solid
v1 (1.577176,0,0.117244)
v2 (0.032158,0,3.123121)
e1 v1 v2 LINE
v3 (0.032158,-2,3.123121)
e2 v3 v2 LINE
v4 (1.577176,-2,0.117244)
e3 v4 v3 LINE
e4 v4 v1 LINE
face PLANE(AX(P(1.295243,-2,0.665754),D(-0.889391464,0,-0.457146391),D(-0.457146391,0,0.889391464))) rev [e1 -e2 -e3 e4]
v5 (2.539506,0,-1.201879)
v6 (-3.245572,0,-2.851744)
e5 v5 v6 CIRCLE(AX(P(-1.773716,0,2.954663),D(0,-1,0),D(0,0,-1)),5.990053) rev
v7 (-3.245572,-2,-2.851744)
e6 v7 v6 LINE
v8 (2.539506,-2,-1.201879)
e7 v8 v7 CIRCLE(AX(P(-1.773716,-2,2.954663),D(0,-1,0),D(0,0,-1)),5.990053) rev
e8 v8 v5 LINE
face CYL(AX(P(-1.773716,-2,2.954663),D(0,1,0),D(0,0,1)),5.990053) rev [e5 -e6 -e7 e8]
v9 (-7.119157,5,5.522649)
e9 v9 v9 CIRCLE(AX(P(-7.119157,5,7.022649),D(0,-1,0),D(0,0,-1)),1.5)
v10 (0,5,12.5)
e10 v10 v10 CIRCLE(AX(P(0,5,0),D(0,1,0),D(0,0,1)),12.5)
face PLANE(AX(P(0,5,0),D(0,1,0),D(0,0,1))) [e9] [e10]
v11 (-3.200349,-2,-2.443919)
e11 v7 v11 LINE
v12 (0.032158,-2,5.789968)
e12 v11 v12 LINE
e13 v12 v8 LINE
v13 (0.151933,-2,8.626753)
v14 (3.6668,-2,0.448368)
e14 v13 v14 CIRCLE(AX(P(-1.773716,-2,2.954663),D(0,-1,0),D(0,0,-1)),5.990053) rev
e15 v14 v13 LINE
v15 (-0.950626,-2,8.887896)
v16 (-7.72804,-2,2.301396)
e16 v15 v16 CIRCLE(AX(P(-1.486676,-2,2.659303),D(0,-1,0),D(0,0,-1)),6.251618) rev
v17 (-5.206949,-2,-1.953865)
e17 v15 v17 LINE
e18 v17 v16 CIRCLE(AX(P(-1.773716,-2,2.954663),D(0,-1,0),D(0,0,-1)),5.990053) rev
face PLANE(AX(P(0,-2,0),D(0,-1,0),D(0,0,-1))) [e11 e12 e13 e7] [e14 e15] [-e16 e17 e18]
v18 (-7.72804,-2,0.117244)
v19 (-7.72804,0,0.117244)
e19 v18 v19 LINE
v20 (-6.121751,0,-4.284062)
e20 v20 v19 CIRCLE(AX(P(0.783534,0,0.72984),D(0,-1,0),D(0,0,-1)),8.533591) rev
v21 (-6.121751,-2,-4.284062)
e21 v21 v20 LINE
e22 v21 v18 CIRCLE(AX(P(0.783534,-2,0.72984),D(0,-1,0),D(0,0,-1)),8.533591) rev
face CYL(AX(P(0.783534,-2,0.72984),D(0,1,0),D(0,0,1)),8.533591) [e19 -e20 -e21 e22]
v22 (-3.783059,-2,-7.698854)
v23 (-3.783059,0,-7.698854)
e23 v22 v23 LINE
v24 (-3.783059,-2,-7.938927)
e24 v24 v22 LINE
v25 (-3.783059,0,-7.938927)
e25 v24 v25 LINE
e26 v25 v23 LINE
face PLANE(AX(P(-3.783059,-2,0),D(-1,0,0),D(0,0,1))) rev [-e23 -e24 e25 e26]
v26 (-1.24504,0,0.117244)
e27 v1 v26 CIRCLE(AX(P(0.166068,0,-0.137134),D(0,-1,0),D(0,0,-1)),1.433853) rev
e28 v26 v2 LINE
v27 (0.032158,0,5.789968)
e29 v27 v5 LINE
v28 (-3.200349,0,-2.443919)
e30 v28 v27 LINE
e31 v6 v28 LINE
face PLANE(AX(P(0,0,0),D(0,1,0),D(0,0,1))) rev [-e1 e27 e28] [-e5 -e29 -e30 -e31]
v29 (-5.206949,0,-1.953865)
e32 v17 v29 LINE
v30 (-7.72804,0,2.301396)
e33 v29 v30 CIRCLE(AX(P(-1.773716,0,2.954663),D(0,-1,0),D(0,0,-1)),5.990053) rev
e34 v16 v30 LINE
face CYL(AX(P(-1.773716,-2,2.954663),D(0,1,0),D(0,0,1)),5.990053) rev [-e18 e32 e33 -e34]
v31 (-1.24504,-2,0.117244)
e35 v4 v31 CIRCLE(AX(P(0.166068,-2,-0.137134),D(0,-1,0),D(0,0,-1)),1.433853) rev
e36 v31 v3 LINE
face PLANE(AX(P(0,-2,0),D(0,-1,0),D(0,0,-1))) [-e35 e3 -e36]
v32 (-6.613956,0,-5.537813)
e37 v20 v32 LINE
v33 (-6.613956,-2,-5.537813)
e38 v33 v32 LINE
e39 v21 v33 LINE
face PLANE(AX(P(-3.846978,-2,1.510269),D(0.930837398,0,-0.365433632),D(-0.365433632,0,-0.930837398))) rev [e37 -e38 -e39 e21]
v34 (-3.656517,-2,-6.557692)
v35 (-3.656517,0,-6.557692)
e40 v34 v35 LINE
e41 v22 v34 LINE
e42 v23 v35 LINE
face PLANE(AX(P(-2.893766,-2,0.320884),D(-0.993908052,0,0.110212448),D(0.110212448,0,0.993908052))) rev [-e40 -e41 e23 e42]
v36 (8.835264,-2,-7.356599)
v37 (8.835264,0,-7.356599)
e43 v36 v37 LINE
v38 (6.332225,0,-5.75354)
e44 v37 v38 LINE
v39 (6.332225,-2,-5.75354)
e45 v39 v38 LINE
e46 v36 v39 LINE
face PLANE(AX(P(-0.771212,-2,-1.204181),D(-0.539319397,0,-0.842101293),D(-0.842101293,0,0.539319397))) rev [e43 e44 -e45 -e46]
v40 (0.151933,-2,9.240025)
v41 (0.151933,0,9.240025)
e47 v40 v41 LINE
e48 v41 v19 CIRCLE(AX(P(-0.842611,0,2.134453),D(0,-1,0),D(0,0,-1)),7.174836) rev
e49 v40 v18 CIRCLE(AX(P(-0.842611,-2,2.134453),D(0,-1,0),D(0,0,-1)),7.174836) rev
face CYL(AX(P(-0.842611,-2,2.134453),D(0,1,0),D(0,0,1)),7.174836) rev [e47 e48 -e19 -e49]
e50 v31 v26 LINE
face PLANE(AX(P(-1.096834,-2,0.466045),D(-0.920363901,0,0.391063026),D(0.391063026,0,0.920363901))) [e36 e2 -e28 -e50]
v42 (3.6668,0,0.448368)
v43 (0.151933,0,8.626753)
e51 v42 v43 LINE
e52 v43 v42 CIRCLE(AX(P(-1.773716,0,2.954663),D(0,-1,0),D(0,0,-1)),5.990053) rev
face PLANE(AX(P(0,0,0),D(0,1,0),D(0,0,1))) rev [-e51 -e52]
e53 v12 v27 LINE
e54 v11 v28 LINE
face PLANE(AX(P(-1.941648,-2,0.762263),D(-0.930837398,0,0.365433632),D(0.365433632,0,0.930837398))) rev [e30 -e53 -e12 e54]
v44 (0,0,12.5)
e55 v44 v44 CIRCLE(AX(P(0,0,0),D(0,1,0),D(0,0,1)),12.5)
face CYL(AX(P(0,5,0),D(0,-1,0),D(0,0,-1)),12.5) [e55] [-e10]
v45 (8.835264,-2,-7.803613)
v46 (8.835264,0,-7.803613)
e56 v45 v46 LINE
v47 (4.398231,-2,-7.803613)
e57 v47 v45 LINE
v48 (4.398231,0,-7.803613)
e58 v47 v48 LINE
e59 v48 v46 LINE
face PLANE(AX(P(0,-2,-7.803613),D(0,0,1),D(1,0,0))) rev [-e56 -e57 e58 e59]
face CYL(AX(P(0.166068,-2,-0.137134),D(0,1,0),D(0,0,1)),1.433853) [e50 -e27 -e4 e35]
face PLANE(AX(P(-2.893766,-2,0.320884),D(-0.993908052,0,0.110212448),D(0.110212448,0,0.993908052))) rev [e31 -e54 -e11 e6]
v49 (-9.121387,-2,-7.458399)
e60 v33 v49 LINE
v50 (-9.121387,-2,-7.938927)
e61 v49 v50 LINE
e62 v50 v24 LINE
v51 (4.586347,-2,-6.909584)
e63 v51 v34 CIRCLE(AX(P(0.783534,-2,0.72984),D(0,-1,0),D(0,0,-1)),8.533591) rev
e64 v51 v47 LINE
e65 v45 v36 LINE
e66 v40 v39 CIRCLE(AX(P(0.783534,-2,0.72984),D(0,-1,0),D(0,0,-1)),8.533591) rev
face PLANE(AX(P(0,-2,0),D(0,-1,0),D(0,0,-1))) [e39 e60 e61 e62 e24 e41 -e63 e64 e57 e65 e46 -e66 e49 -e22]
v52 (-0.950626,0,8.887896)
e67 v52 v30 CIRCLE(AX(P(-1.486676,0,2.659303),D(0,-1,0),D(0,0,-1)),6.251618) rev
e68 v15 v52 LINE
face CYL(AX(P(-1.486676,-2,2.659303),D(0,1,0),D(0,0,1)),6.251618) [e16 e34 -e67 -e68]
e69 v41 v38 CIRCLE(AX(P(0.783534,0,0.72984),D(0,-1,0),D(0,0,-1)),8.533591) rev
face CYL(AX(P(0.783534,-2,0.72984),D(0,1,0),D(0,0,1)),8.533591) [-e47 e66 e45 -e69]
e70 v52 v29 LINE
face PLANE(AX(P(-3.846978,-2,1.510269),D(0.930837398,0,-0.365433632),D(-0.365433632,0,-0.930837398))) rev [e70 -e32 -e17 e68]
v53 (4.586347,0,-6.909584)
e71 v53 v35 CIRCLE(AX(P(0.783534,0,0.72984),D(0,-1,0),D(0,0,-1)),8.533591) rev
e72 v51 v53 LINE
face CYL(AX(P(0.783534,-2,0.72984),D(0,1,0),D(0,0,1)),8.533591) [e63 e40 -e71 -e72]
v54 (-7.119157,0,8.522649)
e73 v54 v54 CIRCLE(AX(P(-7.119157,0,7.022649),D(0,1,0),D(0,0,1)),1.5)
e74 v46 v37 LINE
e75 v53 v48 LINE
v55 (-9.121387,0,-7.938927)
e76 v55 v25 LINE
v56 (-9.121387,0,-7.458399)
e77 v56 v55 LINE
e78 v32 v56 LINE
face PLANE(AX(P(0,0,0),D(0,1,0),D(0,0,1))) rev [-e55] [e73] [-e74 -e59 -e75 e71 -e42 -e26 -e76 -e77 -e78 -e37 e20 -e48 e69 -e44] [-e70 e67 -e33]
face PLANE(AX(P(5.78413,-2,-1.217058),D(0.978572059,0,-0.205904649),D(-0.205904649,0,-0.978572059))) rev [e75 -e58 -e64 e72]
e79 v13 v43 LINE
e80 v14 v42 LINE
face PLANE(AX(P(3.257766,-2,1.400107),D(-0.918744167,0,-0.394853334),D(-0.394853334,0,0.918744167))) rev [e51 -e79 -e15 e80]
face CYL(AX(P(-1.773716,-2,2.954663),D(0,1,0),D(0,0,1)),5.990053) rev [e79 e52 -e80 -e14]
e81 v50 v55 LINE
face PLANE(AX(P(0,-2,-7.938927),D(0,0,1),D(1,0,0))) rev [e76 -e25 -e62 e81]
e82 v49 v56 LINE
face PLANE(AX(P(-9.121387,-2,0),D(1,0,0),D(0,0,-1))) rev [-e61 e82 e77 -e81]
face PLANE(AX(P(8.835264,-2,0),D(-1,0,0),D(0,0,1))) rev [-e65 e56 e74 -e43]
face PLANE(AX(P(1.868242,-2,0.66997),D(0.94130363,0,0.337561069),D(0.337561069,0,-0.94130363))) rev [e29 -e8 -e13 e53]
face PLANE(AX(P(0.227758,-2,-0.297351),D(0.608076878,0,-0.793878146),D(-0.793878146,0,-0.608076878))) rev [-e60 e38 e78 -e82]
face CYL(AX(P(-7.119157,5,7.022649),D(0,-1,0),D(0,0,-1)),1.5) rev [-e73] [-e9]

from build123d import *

# Parameters (mm, degrees)
SKETCH1_R               = 12.5
BOSS_EXTRUDE1_DEPTH     = 5
BOSS_EXTRUDE2_DEPTH     = 2
CUT_EXTRUDE1_DEPTH      = 19.371173071
CUT_EXTRUDE1_DEPTH_BACK = 19.371173071
SKETCH7_R               = 1.5


with BuildPart() as part:
    # Sketch1 → Boss-Extrude1 (new body)
    with BuildSketch(Plane(origin=(0, 0, 0), x_dir=(1, 0, 0), z_dir=(0, 1, 0))):
        with Locations(Location((0, 0, 0), (0, 0, 270))):
            Circle(SKETCH1_R)
    extrude(amount=BOSS_EXTRUDE1_DEPTH)

    # Sketch5 → Boss-Extrude2 (add)
    with BuildSketch(Plane.XZ):
        with BuildLine():
            ThreePointArc((0.151933345, 9.240024976), (7.241529429, -4.84837498), (-7.728040184, 0.117243971))
            ThreePointArc((-7.728040184, 0.117243971), (4.587114181, -2.555573928), (0.151933345, 9.240024976))
        make_face()
        with BuildLine():
            ThreePointArc((-3.656517397, -6.557691991), (-5.001923128, -5.543170647), (-6.121751206, -4.284061751))
            Line((-6.121751206, -4.284061751), (-6.613956363, -5.53781326))
            Line((-6.613956363, -5.53781326), (-9.1213874, -7.458398735))
            Line((-9.1213874, -7.458398735), (-9.1213874, -7.938927068))
            Line((-9.1213874, -7.938927068), (-3.783058525, -7.938927068))
            Line((-3.783058525, -7.938927068), (-3.783058525, -7.698853884))
            Line((-3.783058525, -7.698853884), (-3.656517397, -6.557691991))
        make_face()
        with BuildLine():
            ThreePointArc((6.332224885, -5.753540044), (5.494878341, -6.385314366), (4.586346954, -6.909584092))
            Line((4.586346954, -6.909584092), (4.398231289, -7.803613119))
            Line((4.398231289, -7.803613119), (8.835264261, -7.803613119))
            Line((8.835264261, -7.803613119), (8.835264261, -7.356598606))
            Line((8.835264261, -7.356598606), (6.332224885, -5.753540044))
        make_face()
        with BuildLine():
            ThreePointArc((-0.950626232, 8.887896426), (2.400955984, -1.341013908), (-7.728040184, 2.301395544))
            ThreePointArc((-7.728040184, 2.301395544), (2.870290324, -1.823952142), (-0.950626232, 8.887896426))
        make_face()
        with BuildLine():
            ThreePointArc((-5.206948691, -1.953864639), (-4.267011364, -2.491822801), (-3.245572389, -2.851744431))
            Line((-3.245572389, -2.851744431), (-3.200349413, -2.443918626))
            Line((-3.200349413, -2.443918626), (0.032158273, 5.78996786))
            Line((0.032158273, 5.78996786), (2.539505861, -1.201879249))
            ThreePointArc((2.539505861, -1.201879249), (3.172462056, -0.424101438), (3.666799623, 0.448367609))
            Line((3.666799623, 0.448367609), (0.151933345, 8.626753393))
            ThreePointArc((0.151933345, 8.626753393), (-0.393157926, 8.783453154), (-0.950626232, 8.887896426))
            Line((-0.950626232, 8.887896426), (-5.206948691, -1.953864639))
        make_face()
        with BuildLine():
            ThreePointArc((1.577176372, 0.117243971), (0.166068053, -1.570987631), (-1.245040266, 0.117243971))
            Line((-1.245040266, 0.117243971), (0.032158273, 3.12312116))
            Line((0.032158273, 3.12312116), (1.577176372, 0.117243971))
        make_face()
    extrude(amount=BOSS_EXTRUDE2_DEPTH)

    # Sketch7 → Cut-Extrude1 (cut, two sides: drawn at the far end of the back side and taken through both)
    with BuildSketch(Plane.XZ.offset(-CUT_EXTRUDE1_DEPTH_BACK)):
        with Locations(Location((-7.119157088, 7.022649241, 0), (0, 0, 270))):
            Circle(SKETCH7_R)
    extrude(amount=CUT_EXTRUDE1_DEPTH + CUT_EXTRUDE1_DEPTH_BACK, mode=Mode.SUBTRACT)


solid = part.part
